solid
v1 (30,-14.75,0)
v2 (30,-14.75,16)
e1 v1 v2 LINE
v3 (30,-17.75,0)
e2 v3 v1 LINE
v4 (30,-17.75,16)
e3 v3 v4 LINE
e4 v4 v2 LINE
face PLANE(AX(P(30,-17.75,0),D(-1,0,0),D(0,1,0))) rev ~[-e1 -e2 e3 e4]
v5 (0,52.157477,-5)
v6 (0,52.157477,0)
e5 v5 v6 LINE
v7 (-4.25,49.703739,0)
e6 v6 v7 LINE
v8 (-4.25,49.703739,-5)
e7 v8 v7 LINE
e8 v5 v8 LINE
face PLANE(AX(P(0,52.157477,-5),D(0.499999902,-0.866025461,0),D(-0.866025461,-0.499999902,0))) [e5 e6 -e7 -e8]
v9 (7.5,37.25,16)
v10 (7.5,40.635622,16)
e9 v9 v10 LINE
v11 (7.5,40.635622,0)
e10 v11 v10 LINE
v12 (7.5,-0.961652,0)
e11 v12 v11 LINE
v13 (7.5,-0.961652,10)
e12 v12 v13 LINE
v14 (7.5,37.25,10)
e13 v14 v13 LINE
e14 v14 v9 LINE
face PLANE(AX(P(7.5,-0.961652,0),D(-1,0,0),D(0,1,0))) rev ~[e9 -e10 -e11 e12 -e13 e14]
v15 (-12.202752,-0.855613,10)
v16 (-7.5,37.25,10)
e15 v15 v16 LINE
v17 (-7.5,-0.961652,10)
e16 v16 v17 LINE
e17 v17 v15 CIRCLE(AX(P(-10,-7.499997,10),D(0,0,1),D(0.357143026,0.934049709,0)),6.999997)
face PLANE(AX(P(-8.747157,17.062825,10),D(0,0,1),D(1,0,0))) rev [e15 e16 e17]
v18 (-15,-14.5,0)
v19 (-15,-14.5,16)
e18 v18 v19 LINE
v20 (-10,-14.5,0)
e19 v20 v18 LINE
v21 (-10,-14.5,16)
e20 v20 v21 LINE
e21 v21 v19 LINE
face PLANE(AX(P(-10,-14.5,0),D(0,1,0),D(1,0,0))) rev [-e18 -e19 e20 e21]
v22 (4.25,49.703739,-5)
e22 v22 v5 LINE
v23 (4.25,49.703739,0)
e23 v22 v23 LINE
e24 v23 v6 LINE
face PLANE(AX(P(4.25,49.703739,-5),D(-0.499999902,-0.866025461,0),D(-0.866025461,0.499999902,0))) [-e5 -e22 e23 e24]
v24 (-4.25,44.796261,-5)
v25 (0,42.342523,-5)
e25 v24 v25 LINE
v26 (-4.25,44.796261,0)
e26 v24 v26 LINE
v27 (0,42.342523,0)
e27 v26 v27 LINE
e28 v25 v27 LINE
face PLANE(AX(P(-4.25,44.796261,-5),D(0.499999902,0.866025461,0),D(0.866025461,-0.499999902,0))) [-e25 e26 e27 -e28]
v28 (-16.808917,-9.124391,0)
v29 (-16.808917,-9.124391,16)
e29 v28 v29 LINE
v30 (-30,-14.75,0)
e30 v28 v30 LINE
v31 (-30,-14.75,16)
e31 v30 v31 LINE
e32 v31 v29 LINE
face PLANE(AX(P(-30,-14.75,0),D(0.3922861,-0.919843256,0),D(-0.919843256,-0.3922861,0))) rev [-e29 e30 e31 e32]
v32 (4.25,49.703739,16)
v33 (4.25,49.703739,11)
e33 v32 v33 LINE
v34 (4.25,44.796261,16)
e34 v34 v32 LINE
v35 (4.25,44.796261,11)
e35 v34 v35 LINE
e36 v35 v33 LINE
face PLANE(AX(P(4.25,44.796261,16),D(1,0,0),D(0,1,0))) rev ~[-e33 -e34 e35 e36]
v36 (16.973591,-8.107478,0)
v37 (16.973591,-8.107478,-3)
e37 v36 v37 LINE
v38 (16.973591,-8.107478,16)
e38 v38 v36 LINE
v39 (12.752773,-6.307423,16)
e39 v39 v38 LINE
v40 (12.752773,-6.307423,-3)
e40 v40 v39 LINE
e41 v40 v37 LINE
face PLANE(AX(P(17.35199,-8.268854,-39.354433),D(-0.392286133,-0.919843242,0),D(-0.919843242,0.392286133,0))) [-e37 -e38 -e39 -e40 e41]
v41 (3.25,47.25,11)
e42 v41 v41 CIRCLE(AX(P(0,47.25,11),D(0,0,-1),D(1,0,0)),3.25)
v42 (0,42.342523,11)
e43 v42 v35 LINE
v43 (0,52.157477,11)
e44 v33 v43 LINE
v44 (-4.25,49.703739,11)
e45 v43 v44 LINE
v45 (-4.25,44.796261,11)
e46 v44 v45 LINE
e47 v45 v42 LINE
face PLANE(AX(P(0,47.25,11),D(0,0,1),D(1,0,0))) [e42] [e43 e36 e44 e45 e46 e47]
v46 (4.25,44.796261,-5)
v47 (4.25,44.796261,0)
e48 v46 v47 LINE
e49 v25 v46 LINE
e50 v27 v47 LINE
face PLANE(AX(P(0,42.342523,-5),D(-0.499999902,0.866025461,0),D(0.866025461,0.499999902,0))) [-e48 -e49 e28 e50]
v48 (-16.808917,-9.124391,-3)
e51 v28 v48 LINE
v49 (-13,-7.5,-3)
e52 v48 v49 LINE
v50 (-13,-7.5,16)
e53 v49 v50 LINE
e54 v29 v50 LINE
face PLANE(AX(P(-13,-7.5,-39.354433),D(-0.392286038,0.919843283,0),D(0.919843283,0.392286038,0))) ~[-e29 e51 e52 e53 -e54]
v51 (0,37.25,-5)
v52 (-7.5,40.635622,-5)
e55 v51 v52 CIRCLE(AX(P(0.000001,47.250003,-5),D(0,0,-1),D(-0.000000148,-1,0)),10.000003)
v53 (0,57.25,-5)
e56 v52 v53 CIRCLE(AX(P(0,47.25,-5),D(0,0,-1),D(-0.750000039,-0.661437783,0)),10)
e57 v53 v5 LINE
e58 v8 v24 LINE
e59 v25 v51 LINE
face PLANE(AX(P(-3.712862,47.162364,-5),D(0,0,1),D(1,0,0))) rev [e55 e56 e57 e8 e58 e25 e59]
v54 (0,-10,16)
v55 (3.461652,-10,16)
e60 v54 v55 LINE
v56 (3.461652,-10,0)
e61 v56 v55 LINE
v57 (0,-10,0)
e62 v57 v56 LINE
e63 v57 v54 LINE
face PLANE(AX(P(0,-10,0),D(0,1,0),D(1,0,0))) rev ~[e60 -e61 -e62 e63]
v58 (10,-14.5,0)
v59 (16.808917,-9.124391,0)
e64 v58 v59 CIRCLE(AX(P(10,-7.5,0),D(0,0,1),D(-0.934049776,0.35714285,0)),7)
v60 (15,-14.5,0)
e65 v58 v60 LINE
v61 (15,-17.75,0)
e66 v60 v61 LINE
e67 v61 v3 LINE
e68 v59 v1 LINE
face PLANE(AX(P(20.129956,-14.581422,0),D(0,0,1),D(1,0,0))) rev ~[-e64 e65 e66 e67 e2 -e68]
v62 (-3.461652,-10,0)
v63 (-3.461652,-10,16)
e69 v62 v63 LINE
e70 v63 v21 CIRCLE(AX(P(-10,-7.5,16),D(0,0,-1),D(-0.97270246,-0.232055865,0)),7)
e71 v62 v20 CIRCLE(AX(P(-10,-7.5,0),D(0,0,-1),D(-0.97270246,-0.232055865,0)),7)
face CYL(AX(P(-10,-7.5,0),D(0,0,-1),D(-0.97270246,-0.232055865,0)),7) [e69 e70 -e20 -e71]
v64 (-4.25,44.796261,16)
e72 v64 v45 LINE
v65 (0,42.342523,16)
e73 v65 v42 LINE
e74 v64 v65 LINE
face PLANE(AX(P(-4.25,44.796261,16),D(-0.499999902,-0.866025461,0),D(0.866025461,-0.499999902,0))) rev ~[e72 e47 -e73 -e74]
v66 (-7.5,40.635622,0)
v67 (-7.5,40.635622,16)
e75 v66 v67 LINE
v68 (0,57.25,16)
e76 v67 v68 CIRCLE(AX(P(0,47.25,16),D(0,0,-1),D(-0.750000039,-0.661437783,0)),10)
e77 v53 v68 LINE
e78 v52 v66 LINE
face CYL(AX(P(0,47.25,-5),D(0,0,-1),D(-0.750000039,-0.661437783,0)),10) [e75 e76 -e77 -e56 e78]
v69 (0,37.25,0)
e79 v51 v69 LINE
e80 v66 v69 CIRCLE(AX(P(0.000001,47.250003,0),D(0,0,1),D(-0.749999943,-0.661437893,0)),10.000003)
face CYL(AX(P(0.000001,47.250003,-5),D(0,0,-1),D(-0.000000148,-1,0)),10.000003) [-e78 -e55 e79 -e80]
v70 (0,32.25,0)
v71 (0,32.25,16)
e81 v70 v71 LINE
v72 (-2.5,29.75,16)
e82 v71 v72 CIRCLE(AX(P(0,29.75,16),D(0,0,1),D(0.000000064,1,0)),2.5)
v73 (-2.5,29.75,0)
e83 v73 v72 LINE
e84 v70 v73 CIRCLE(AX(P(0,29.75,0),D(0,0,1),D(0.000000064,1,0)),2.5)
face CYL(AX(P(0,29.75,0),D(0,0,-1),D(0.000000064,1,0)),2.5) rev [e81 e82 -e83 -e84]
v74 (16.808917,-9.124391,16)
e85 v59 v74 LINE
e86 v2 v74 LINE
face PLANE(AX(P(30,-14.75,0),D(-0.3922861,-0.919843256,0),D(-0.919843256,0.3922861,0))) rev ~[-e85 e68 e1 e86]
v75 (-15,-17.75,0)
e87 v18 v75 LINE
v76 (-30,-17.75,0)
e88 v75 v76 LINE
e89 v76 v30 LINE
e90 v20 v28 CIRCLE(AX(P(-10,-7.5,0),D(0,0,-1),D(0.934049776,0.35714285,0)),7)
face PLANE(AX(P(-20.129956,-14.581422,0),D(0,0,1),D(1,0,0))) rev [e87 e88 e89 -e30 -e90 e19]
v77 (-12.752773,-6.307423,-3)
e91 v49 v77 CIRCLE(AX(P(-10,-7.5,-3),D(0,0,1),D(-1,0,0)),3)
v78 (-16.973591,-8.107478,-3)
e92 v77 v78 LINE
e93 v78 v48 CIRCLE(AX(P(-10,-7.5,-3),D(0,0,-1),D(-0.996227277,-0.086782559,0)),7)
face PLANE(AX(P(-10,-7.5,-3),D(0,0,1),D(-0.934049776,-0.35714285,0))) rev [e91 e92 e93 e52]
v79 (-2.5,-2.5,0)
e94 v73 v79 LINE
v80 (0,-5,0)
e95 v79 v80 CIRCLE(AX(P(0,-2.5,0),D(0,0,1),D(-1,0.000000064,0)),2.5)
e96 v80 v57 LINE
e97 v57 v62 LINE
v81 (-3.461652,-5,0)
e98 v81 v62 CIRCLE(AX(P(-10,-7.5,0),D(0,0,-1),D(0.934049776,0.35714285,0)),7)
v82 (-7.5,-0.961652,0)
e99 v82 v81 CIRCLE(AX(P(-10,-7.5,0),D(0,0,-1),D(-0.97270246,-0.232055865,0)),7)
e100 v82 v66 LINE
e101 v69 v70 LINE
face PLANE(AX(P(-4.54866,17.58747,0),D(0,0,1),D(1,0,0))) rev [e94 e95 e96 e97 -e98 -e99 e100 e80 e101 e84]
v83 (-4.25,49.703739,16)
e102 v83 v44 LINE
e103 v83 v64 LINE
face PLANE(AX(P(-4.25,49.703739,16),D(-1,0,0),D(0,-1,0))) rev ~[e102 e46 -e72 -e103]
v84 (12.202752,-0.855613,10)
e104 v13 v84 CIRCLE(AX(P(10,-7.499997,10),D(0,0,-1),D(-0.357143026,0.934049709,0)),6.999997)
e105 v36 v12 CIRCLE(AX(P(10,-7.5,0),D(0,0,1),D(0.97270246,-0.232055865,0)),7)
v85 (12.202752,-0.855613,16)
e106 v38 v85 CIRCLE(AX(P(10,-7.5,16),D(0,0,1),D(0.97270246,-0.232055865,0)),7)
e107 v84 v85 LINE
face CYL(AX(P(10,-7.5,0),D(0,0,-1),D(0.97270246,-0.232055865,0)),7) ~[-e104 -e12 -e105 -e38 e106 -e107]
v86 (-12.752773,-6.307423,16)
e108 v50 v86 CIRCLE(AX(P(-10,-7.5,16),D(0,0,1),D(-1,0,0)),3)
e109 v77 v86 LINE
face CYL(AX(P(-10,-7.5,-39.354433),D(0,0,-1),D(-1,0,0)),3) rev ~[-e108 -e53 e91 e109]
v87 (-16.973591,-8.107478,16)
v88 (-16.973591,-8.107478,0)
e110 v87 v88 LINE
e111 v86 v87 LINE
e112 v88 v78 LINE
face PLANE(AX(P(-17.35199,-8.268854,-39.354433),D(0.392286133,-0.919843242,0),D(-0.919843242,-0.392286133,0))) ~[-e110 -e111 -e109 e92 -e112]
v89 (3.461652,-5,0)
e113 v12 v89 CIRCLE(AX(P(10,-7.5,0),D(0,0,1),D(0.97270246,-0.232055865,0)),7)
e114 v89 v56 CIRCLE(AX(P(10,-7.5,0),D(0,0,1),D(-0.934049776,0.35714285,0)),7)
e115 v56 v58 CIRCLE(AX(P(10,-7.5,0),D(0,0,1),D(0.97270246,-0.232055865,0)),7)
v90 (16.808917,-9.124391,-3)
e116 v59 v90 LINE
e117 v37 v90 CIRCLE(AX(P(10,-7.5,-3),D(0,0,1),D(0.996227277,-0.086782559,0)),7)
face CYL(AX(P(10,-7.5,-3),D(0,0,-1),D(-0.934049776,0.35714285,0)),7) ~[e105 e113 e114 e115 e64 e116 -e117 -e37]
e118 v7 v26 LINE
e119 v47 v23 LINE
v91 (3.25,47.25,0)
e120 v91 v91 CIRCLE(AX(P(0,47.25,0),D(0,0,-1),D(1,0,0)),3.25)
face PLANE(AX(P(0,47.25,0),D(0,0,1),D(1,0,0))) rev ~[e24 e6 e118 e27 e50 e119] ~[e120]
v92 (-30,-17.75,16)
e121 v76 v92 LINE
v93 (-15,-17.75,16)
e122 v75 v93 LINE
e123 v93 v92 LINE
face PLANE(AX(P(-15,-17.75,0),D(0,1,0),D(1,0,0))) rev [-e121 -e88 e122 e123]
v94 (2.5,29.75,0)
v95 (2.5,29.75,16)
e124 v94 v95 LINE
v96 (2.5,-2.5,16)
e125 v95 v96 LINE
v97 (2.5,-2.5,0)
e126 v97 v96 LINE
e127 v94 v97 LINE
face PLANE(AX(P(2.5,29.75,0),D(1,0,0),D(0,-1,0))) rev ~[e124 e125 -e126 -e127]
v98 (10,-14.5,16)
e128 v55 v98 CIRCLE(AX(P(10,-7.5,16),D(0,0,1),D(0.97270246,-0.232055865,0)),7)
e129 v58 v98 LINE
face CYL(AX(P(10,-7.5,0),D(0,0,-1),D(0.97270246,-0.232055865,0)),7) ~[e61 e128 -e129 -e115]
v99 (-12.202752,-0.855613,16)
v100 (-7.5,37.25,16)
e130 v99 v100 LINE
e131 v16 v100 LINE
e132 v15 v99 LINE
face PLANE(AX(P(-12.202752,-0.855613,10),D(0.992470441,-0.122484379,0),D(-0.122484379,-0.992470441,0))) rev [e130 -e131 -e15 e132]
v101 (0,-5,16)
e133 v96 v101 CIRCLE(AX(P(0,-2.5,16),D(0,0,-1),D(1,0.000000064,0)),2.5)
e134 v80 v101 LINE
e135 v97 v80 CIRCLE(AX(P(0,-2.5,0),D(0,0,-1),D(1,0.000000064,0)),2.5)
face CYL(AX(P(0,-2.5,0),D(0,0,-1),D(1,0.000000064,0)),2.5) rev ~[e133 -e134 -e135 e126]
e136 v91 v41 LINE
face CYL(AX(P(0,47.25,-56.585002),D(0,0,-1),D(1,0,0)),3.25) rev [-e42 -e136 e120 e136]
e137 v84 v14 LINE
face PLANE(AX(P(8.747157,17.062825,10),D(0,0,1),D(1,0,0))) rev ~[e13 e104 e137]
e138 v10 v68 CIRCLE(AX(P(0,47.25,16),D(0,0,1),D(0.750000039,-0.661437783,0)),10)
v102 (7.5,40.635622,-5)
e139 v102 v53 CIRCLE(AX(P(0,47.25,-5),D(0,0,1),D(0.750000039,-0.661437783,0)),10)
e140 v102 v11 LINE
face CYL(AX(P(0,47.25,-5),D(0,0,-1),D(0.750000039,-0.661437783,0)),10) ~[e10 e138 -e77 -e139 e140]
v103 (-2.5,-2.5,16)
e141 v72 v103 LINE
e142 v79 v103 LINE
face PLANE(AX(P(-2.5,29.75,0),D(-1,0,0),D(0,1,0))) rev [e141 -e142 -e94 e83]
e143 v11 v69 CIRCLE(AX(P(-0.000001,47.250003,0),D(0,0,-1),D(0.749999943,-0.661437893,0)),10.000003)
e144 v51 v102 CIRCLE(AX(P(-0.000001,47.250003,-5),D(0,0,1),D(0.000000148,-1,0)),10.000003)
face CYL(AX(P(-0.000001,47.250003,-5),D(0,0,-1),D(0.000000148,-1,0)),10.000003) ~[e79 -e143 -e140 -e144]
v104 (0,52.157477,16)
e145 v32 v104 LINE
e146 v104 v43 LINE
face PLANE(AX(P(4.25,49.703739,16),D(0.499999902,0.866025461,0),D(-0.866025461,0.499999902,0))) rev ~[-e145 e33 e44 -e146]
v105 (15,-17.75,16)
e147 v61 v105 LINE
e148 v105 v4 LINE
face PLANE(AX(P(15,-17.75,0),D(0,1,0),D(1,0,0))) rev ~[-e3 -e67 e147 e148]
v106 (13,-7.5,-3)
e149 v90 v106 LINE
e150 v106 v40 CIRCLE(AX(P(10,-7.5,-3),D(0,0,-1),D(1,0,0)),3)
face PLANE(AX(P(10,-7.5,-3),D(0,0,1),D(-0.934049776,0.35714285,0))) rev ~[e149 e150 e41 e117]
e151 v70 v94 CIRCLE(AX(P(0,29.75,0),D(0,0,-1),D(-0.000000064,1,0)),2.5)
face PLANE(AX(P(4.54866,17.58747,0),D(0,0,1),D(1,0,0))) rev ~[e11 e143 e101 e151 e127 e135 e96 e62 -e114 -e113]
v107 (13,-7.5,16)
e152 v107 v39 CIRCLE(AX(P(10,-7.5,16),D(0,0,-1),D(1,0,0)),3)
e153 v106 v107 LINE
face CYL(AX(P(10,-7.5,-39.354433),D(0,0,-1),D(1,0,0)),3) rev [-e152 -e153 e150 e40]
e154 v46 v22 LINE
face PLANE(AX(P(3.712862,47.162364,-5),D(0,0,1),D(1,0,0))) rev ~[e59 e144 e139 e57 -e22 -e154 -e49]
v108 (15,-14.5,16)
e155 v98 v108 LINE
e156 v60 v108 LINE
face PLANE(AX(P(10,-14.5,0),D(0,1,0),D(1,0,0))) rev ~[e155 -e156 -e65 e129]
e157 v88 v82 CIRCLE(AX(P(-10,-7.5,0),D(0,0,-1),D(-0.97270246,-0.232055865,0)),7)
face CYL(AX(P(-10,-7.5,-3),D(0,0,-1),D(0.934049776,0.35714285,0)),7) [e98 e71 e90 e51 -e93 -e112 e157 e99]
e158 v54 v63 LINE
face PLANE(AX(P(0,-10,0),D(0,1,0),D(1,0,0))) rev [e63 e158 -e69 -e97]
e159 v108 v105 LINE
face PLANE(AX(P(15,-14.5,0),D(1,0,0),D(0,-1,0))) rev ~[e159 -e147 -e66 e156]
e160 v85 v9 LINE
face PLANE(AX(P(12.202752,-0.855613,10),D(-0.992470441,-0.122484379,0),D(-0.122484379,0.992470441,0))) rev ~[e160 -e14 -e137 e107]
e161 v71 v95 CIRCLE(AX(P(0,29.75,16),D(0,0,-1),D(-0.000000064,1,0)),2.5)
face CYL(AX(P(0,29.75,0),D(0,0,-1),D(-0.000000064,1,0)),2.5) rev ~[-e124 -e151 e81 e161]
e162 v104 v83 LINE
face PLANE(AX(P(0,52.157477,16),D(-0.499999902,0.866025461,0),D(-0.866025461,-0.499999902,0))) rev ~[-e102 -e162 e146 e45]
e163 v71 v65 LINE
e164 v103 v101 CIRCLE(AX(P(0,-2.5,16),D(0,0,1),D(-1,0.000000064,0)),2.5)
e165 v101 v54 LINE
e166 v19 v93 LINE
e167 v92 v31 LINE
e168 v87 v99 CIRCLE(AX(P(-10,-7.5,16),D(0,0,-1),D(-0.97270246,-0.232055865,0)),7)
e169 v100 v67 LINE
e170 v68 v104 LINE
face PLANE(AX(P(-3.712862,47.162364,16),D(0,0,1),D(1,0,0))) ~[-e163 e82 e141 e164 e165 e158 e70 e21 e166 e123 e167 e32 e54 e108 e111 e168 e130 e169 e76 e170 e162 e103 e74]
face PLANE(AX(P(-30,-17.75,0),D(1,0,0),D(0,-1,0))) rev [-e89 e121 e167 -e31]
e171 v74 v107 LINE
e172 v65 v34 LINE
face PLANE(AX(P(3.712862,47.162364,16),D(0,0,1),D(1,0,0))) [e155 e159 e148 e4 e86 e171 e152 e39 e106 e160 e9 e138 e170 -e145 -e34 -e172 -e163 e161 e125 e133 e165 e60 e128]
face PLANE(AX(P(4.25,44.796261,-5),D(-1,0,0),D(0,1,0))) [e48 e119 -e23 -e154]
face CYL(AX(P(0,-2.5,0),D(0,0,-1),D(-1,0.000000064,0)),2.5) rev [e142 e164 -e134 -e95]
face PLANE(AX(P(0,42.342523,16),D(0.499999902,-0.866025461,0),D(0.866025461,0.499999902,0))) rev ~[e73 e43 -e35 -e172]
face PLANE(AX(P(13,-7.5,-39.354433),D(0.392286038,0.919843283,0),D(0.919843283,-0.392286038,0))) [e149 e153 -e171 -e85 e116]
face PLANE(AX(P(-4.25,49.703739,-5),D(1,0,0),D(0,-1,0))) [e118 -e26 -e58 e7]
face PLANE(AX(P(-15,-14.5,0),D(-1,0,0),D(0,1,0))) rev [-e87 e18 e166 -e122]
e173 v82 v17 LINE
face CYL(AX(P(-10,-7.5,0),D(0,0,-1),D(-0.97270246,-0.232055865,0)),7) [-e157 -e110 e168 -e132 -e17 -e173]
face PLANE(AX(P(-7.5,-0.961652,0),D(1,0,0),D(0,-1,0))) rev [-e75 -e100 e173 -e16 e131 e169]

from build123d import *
from build123d.topology import SkipClean

# Parameters (mm, degrees)
SKETCH1_R               = 7
BOSS_EXTRUDE1_DEPTH     = 16
BOSS_EXTRUDE2_START     = -3
SKETCH3_R               = 7
BOSS_EXTRUDE2_DEPTH     = 3
CUT_EXTRUDE1_DEPTH      = 39.354433
CUT_EXTRUDE1_DEPTH_BACK = 39.354433
SKETCH2_R               = 3
BOSS_EXTRUDE3_START     = -6
BOSS_EXTRUDE3_DEPTH     = 6
BOSS_EXTRUDE4_START     = -16
BOSS_EXTRUDE4_DEPTH     = 16
BOSS_EXTRUDE5_START     = -21
BOSS_EXTRUDE5_DEPTH     = 21
CUT_EXTRUDE2_DEPTH      = 5
CUT_EXTRUDE3_START      = -21
CUT_EXTRUDE3_DEPTH      = 5
CUT_EXTRUDE4_DEPTH      = 67.585002
CUT_EXTRUDE4_DEPTH_BACK = 67.585002
SKETCH6_R               = 3.25


with BuildPart() as part:
    # Sketch1 → Boss-Extrude1 (new body)
    with BuildSketch(Plane.XY):
        with BuildLine():
            ThreePointArc((16.808917, -9.124391), (14.337584, -12.994121), (10, -14.5))
            Line((10, -14.5), (15, -14.5))
            Line((15, -14.5), (15, -17.75))
            Line((15, -17.75), (30, -17.75))
            Line((30, -17.75), (30, -14.75))
            Line((30, -14.75), (16.808917, -9.124391))
        make_face()
        with Locations((10, -7.5)):
            Circle(SKETCH1_R)
        with BuildLine():
            Line((0, -10), (3.461652, -10))
            ThreePointArc((3.461652, -10), (3, -7.5), (3.461652, -5))
            Line((3.461652, -5), (0, -5))
            Line((0, -5), (0, -10))
        make_face()
    extrude(amount=BOSS_EXTRUDE1_DEPTH)

    # Sketch3 → Boss-Extrude2 (add)
    with BuildSketch(Plane.XY.offset(BOSS_EXTRUDE2_START)):
        with Locations(Location((10, -7.5, 0), (0, 0, 159.075168))):
            Circle(SKETCH3_R)
    extrude(amount=BOSS_EXTRUDE2_DEPTH)

    # Sketch2 → Cut-Extrude1 (cut, two sides: drawn at the far end of the back side and taken through both)
    with BuildSketch(Plane.XY.offset(-CUT_EXTRUDE1_DEPTH_BACK)):
        with Locations((10, -7.5)):
            Circle(SKETCH2_R)
        with BuildLine():
            ThreePointArc((12.752773, -6.307423), (12.937543, -6.891034), (13, -7.5))
            Line((13, -7.5), (16.959704, -9.188697))
            Line((16.959704, -9.188697), (17.35199, -8.268854))
            Line((17.35199, -8.268854), (12.752773, -6.307423))
        make_face()
    extrude(amount=CUT_EXTRUDE1_DEPTH + CUT_EXTRUDE1_DEPTH_BACK, mode=Mode.SUBTRACT)

    # Sketch4 → Boss-Extrude3 (add)
    with BuildSketch(Plane.XY.offset(16).offset(BOSS_EXTRUDE3_START)):
        with BuildLine():
            Line((12.202752, -0.855613), (7.5, 37.25))
            Line((7.5, 37.25), (7.5, -0.961652))
            ThreePointArc((7.5, -0.961652), (9.842202, -0.501779), (12.202752, -0.855613))
        make_face()
    extrude(amount=BOSS_EXTRUDE3_DEPTH)

    # Sketch4<6> → Boss-Extrude4 (add)
    with BuildSketch(Plane.XY.offset(16).offset(BOSS_EXTRUDE4_START)):
        with BuildLine():
            Line((7.5, 37.25), (7.5, 40.635622))
            ThreePointArc((7.5, 40.635622), (4.114378, 38.135622), (0, 37.25))
            Line((0, 37.25), (0, 32.25))
            ThreePointArc((0, 32.25), (1.767767, 31.517767), (2.5, 29.75))
            Line((2.5, 29.75), (2.5, -2.5))
            ThreePointArc((2.5, -2.5), (1.767767, -4.267767), (0, -5))
            Line((0, -5), (3.461652, -5))
            ThreePointArc((3.461652, -5), (5.050253, -2.550253), (7.5, -0.961652))
            Line((7.5, -0.961652), (7.5, 37.25))
        make_face()
    extrude(amount=BOSS_EXTRUDE4_DEPTH)

    # Sketch4<7> → Boss-Extrude5 (add)
    with BuildSketch(Plane.XY.offset(16).offset(BOSS_EXTRUDE5_START)):
        with BuildLine():
            ThreePointArc((0, 37.25), (4.114378, 38.135622), (7.5, 40.635622))
            ThreePointArc((7.5, 40.635622), (9.114378, 51.364378), (0, 57.25))
            Line((0, 57.25), (0, 49.65))
            ThreePointArc((0, 49.65), (2.4, 47.25), (0, 44.85))
            Line((0, 44.85), (0, 37.25))
        make_face()
    extrude(amount=BOSS_EXTRUDE5_DEPTH)

    # Mirror1: part across plane


with BuildPart() as part_1:
    with SkipClean():  # the faces are left unmerged after this step: merging them gives an invalid solid
        add(part.part)
        add(part.part.mirror(Plane(origin=(0, 0, 0), x_dir=(0, 0, 1), z_dir=(1, 0, 0))))

    # Sketch5 → Cut-Extrude2 (cut)
    with SkipClean():  # the faces are left unmerged after this step: merging them gives an invalid solid
        with BuildSketch(Plane.XY.offset(16)):
            Polygon((4.25, 49.703739), (0, 52.157477), (-4.25, 49.703739), (-4.25, 44.796261), (0, 42.342523), (4.25, 44.796261), align=None)
        extrude(amount=-CUT_EXTRUDE2_DEPTH, mode=Mode.SUBTRACT)

    # Sketch5<2> → Cut-Extrude3 (cut)
    with SkipClean():  # the faces are left unmerged after this step: merging them gives an invalid solid
        with BuildSketch(Plane.XY.offset(16).offset(CUT_EXTRUDE3_START)):
            Polygon((4.25, 49.703739), (0, 52.157477), (-4.25, 49.703739), (-4.25, 44.796261), (0, 42.342523), (4.25, 44.796261), align=None)
        extrude(amount=CUT_EXTRUDE3_DEPTH, mode=Mode.SUBTRACT)

    # Sketch6 → Cut-Extrude4 (cut, two sides: drawn at the far end of the back side and taken through both)
    with SkipClean():  # the faces are left unmerged after this step: merging them gives an invalid solid
        with BuildSketch(Plane.XY.offset(11).offset(-CUT_EXTRUDE4_DEPTH_BACK)):
            with Locations((0, 47.25)):
                Circle(SKETCH6_R)
        extrude(amount=CUT_EXTRUDE4_DEPTH + CUT_EXTRUDE4_DEPTH_BACK, mode=Mode.SUBTRACT)


solid = part_1.part
